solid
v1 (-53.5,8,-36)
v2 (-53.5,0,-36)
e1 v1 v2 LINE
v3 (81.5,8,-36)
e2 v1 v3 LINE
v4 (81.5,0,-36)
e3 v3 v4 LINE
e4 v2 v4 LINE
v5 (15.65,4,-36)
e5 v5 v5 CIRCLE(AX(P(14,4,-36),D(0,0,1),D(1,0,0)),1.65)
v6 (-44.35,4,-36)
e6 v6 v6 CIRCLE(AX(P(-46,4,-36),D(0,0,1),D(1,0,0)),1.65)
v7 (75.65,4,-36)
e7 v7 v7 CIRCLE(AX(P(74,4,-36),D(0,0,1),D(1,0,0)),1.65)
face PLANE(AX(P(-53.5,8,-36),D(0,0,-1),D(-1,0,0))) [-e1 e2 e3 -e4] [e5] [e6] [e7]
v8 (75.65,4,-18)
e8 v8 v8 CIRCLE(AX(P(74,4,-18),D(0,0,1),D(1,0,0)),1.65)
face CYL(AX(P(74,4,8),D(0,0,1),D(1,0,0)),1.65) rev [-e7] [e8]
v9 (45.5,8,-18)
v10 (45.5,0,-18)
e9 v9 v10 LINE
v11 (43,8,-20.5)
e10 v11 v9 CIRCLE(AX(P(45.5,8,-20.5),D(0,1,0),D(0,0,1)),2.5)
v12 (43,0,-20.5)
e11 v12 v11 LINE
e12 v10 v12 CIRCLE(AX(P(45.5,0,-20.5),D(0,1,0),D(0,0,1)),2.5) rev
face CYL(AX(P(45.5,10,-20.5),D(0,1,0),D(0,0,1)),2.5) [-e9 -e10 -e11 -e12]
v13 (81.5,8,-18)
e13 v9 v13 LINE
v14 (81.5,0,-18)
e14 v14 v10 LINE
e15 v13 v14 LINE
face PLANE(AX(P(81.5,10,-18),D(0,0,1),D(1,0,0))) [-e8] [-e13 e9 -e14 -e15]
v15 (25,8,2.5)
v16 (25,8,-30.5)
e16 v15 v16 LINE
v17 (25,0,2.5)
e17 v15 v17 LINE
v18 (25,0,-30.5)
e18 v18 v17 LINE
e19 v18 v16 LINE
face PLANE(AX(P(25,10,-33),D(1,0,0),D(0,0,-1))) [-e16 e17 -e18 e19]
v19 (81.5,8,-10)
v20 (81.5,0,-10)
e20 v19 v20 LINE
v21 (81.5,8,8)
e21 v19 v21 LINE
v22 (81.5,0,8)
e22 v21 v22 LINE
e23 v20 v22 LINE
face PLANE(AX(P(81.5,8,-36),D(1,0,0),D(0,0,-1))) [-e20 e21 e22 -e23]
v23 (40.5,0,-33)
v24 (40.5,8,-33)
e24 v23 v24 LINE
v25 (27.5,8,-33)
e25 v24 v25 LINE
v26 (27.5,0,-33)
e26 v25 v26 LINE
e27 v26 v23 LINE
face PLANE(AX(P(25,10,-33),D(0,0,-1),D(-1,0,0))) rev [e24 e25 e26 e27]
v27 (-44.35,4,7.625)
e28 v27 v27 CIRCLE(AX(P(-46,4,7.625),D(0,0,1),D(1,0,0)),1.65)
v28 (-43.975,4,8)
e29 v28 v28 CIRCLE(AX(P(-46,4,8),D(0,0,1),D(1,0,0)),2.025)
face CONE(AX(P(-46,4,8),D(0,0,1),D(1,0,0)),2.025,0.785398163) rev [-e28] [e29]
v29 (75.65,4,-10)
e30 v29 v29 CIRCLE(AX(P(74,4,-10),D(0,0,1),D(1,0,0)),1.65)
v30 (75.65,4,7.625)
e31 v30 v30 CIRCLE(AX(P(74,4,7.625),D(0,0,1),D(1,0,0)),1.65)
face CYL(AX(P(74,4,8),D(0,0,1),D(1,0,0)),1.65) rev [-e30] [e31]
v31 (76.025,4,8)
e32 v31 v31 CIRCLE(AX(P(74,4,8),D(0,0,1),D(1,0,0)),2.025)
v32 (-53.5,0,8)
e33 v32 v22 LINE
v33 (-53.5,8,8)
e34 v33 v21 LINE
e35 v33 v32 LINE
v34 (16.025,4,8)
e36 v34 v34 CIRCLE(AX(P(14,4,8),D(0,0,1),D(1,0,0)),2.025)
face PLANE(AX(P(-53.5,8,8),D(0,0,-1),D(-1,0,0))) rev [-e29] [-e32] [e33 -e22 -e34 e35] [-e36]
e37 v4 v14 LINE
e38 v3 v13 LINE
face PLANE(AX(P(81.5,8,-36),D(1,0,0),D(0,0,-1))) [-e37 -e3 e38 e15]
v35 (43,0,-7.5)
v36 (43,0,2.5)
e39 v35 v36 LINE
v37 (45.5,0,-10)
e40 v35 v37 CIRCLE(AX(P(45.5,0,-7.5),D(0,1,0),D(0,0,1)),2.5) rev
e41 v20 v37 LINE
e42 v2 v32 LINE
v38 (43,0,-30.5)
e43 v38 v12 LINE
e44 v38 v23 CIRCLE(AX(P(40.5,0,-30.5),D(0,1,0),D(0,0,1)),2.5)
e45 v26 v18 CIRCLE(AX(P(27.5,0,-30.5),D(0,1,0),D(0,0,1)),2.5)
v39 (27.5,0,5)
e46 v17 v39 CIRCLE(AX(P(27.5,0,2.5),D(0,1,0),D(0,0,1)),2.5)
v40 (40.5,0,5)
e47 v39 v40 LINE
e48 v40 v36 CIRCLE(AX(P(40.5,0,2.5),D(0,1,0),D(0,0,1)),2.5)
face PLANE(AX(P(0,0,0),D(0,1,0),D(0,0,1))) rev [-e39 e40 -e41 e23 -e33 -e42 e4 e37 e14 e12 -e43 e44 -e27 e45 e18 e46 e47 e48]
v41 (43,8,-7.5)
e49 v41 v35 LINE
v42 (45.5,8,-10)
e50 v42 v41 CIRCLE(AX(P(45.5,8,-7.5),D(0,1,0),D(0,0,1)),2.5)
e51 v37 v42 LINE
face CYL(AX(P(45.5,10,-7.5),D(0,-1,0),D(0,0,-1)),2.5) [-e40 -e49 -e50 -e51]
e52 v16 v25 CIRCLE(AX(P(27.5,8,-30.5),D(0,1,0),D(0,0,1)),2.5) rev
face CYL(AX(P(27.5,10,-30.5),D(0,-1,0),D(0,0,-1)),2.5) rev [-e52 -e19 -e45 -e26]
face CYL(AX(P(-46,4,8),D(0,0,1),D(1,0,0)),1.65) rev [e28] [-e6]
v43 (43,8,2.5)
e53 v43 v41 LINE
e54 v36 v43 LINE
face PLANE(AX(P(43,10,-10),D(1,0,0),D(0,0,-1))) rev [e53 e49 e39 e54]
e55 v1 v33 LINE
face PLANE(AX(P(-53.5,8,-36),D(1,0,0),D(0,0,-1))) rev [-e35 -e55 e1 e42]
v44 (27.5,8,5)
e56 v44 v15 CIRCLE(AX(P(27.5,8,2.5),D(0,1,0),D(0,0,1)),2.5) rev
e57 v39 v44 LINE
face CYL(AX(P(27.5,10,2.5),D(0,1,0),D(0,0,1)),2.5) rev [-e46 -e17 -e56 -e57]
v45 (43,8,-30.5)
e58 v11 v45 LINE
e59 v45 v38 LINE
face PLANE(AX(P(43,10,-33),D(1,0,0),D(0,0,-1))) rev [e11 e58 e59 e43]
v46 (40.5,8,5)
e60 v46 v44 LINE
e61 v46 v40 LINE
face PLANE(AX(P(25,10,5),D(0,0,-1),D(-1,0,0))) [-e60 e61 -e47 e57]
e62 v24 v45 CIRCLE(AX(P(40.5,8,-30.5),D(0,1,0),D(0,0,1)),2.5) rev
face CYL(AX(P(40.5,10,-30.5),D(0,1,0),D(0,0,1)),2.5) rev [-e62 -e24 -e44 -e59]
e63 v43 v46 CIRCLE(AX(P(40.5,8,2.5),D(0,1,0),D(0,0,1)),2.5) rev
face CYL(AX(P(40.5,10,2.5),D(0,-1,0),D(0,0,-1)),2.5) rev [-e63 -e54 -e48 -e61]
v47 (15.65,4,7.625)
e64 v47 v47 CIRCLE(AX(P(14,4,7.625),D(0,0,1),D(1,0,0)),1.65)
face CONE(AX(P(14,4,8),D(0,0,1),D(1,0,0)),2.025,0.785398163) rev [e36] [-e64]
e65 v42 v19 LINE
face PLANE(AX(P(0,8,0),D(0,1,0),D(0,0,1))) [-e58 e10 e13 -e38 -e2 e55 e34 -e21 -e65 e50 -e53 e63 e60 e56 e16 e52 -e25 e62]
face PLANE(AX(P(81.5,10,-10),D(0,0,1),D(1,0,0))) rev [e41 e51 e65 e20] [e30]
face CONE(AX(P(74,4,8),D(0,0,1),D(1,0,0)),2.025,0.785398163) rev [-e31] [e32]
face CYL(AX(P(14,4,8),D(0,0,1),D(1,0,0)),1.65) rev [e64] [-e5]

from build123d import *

# Parameters (mm, degrees)
SKETCH1_W                       = 135
SKETCH1_H                       = 44
BOSS_EXTRUDE1_DEPTH             = 8
CUT_EXTRUDE1_DEPTH              = 10
FILLET1_R                       = 2.5
FILLET2_R                       = 2.5
M4X0_7_TAPPED_HOLE1_D           = 3.3
M4X0_7_TAPPED_HOLE1_CSINK_D     = 4.05
M4X0_7_TAPPED_HOLE1_CSINK_ANGLE = 90


with BuildPart() as part:
    # Sketch1 → Boss-Extrude1 (new body)
    with BuildSketch(Plane(origin=(0, 0, 0), x_dir=(1, 0, 0), z_dir=(0, 1, 0))):
        with Locations((14, 14)):
            Rectangle(SKETCH1_W, SKETCH1_H)
    extrude(amount=BOSS_EXTRUDE1_DEPTH)

    # Sketch7 → Cut-Extrude1 (cut)
    with BuildSketch(Plane(origin=(0, 0, 0), x_dir=(1, 0, 0), z_dir=(0, 1, 0))):
        Polygon((81.5, 10), (81.5, 18), (43, 18), (43, 33), (25, 33), (25, -5), (43, -5), (43, 10), align=None)
    extrude(amount=CUT_EXTRUDE1_DEPTH, mode=Mode.SUBTRACT)

    # Fillet1
    fillet1_edges = [part.edges().sort_by_distance(p)[0] for p in [
        (43, 4, -33),
        (25, 4, -33),
        (25, 4, 5),
        (43, 4, 5),
    ]]
    fillet(fillet1_edges, radius=FILLET1_R)

    # Fillet2
    fillet2_edges = [part.edges().sort_by_distance(p)[0] for p in [
        (43, 4, -18),
        (43, 4, -10),
    ]]
    fillet(fillet2_edges, radius=FILLET2_R)

    # M4x0.7 Tapped Hole1 (through all)
    with Locations(Plane.XY.offset(8)):
        with Locations((-46, 4), (14, 4), (74, 4)):
            CounterSinkHole(M4X0_7_TAPPED_HOLE1_D / 2, M4X0_7_TAPPED_HOLE1_CSINK_D / 2, counter_sink_angle=M4X0_7_TAPPED_HOLE1_CSINK_ANGLE)


solid = part.part
